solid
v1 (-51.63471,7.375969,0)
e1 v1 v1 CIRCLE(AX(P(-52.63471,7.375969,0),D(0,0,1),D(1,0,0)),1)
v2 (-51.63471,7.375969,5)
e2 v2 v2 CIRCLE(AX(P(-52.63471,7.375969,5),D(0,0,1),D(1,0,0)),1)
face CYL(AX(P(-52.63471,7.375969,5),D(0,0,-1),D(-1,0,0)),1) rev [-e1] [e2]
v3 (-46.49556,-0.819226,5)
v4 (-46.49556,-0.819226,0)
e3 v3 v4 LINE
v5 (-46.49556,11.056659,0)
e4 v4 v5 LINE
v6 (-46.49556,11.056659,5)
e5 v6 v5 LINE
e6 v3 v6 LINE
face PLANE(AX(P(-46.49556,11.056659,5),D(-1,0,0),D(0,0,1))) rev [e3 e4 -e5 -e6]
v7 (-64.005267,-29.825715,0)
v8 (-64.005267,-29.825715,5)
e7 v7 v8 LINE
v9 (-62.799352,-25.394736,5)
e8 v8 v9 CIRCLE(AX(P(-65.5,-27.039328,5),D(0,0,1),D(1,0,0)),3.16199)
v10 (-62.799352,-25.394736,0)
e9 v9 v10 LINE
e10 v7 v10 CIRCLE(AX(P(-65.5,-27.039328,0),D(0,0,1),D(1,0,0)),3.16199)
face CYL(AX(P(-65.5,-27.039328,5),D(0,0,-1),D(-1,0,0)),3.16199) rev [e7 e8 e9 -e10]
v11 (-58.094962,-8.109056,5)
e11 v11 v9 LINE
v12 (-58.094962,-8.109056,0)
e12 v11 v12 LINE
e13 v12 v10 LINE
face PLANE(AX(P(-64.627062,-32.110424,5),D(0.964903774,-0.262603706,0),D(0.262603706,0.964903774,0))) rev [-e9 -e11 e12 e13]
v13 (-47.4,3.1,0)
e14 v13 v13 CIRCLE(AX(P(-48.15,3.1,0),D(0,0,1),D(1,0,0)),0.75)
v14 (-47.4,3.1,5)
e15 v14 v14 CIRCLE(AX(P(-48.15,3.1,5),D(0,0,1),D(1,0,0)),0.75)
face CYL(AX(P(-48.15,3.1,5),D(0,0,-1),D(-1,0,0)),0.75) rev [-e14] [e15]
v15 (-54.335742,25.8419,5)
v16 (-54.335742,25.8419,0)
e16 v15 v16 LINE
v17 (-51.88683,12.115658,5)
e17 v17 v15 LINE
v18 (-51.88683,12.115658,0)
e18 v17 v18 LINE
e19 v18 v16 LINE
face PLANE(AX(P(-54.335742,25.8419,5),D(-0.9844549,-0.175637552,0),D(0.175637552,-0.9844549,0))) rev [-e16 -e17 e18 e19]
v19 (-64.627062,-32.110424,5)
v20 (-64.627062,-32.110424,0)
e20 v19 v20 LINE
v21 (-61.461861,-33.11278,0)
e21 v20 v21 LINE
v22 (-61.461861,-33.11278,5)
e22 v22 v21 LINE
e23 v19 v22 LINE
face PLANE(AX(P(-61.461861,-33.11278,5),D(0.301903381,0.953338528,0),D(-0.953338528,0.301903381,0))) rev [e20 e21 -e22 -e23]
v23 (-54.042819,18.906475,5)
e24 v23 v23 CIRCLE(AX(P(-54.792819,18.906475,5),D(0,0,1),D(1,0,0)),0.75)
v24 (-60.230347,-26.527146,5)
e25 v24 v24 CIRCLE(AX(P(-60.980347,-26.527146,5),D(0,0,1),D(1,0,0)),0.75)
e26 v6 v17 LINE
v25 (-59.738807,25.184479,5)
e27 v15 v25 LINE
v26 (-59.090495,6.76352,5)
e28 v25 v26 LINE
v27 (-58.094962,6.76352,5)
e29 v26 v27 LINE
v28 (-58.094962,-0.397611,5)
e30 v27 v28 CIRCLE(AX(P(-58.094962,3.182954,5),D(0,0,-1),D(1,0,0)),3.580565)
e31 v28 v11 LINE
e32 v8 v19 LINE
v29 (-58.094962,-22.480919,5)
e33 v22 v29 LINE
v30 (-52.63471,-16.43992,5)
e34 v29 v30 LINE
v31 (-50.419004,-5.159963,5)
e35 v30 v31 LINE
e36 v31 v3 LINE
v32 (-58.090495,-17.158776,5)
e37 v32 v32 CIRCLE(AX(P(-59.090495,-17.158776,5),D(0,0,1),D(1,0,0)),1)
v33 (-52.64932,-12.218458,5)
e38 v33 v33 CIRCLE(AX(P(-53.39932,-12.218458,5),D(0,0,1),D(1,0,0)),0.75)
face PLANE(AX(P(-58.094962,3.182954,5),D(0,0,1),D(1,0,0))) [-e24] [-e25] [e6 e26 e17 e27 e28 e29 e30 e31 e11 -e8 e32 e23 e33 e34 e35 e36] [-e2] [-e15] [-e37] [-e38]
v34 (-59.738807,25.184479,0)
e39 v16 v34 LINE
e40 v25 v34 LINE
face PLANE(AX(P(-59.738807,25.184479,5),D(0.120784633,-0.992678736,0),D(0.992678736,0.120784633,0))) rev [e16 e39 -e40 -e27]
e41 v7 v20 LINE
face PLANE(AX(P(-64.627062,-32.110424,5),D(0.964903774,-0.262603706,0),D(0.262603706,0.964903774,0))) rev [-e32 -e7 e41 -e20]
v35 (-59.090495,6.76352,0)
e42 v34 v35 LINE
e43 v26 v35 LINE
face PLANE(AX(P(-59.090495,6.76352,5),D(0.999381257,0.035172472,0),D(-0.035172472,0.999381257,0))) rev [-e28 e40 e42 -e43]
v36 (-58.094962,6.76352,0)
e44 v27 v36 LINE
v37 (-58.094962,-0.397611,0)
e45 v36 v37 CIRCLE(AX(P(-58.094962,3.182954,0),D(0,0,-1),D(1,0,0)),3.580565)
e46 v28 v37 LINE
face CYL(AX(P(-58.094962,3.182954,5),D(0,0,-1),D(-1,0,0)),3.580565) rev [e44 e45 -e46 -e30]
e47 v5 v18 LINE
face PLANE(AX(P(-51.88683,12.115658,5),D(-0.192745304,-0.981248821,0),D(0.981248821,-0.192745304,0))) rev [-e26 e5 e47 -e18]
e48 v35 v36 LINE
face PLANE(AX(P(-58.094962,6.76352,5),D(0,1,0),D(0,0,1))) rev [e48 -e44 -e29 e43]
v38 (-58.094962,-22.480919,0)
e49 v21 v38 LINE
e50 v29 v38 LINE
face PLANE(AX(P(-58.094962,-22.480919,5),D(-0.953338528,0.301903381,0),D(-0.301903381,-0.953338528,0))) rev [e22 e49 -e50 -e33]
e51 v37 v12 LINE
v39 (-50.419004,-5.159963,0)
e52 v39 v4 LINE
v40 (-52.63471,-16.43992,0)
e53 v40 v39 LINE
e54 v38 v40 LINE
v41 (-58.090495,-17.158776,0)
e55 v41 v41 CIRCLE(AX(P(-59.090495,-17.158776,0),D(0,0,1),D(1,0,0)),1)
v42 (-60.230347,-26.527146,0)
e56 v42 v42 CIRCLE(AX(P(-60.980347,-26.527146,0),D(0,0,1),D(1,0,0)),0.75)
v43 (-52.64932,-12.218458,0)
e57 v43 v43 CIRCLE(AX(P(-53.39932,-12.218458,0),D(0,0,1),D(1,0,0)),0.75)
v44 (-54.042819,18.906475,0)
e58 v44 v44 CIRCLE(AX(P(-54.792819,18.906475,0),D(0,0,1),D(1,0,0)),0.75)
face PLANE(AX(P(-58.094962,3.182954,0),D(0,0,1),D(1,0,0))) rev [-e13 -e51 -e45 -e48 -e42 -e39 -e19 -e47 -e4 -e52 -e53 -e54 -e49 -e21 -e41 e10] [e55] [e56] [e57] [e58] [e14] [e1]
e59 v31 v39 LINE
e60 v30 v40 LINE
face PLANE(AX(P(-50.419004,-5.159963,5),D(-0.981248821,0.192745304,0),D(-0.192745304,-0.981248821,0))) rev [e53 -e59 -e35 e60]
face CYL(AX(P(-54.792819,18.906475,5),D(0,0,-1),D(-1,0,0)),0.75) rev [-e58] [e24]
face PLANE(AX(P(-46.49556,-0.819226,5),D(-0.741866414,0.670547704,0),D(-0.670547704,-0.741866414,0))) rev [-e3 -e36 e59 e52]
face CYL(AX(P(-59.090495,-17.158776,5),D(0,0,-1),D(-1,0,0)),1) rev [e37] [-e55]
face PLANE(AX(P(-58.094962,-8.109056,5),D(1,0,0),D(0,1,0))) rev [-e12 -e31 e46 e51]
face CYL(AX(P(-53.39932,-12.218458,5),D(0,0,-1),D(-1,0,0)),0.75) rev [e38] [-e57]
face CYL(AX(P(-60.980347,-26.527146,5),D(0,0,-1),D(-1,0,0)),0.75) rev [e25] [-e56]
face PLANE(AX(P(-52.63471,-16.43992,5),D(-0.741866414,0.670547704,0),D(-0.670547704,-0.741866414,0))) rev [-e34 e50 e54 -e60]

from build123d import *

# Parameters (mm, degrees)
SKETCH1_R           = 0.75
SKETCH1_R_2         = 1
BOSS_EXTRUDE1_DEPTH = 5
SKETCH2_R           = 3.161990297
CUT_EXTRUDE3_DEPTH  = 6


with BuildPart() as part:
    # Sketch1 → Boss-Extrude1 (new body)
    with BuildSketch(Plane.XY):
        with BuildLine():
            Line((-54.335741925, 25.84189954), (-51.886829877, 12.115657968))
            Line((-51.886829877, 12.115657968), (-46.495560397, 11.056658606))
            Line((-46.495560397, 11.056658606), (-46.495560397, -0.8192261))
            Line((-46.495560397, -0.8192261), (-50.419003961, -5.159962771))
            Line((-50.419003961, -5.159962771), (-52.634709942, -16.439920489))
            Line((-52.634709942, -16.439920489), (-58.094962161, -22.48091908))
            Line((-58.094962161, -22.48091908), (-61.461861486, -33.112780309))
            Line((-61.461861486, -33.112780309), (-64.627062483, -32.110424007))
            Line((-64.627062483, -32.110424007), (-58.094962161, -8.109055729))
            Line((-58.094962161, -8.109055729), (-58.094962161, -0.397611229))
            ThreePointArc((-58.094962161, -0.397611229), (-54.514396766, 3.182954166), (-58.094962161, 6.763519562))
            Line((-58.094962161, 6.763519562), (-59.090495064, 6.763519562))
            Line((-59.090495064, 6.763519562), (-59.738806897, 25.184479172))
            Line((-59.738806897, 25.184479172), (-54.335741925, 25.84189954))
        make_face()
        with Locations((-54.792818894, 18.90647511)):
            Circle(SKETCH1_R, mode=Mode.SUBTRACT)
        with Locations((-48.15, 3.1)):
            Circle(SKETCH1_R, mode=Mode.SUBTRACT)
        with Locations((-53.399319926, -12.218458076)):
            Circle(SKETCH1_R, mode=Mode.SUBTRACT)
        with Locations((-60.980346807, -26.52714596)):
            Circle(SKETCH1_R, mode=Mode.SUBTRACT)
        with Locations((-52.634709942, 7.375968546)):
            Circle(SKETCH1_R_2, mode=Mode.SUBTRACT)
        with Locations((-59.090495064, -17.158775628)):
            Circle(SKETCH1_R_2, mode=Mode.SUBTRACT)
    extrude(amount=BOSS_EXTRUDE1_DEPTH)

    # Sketch2 → Cut-Extrude3 (cut, through all)
    with BuildSketch(Plane.XY):
        with Locations((-65.5, -27.039327647)):
            Circle(SKETCH2_R)
    extrude(amount=CUT_EXTRUDE3_DEPTH, mode=Mode.SUBTRACT)


solid = part.part
